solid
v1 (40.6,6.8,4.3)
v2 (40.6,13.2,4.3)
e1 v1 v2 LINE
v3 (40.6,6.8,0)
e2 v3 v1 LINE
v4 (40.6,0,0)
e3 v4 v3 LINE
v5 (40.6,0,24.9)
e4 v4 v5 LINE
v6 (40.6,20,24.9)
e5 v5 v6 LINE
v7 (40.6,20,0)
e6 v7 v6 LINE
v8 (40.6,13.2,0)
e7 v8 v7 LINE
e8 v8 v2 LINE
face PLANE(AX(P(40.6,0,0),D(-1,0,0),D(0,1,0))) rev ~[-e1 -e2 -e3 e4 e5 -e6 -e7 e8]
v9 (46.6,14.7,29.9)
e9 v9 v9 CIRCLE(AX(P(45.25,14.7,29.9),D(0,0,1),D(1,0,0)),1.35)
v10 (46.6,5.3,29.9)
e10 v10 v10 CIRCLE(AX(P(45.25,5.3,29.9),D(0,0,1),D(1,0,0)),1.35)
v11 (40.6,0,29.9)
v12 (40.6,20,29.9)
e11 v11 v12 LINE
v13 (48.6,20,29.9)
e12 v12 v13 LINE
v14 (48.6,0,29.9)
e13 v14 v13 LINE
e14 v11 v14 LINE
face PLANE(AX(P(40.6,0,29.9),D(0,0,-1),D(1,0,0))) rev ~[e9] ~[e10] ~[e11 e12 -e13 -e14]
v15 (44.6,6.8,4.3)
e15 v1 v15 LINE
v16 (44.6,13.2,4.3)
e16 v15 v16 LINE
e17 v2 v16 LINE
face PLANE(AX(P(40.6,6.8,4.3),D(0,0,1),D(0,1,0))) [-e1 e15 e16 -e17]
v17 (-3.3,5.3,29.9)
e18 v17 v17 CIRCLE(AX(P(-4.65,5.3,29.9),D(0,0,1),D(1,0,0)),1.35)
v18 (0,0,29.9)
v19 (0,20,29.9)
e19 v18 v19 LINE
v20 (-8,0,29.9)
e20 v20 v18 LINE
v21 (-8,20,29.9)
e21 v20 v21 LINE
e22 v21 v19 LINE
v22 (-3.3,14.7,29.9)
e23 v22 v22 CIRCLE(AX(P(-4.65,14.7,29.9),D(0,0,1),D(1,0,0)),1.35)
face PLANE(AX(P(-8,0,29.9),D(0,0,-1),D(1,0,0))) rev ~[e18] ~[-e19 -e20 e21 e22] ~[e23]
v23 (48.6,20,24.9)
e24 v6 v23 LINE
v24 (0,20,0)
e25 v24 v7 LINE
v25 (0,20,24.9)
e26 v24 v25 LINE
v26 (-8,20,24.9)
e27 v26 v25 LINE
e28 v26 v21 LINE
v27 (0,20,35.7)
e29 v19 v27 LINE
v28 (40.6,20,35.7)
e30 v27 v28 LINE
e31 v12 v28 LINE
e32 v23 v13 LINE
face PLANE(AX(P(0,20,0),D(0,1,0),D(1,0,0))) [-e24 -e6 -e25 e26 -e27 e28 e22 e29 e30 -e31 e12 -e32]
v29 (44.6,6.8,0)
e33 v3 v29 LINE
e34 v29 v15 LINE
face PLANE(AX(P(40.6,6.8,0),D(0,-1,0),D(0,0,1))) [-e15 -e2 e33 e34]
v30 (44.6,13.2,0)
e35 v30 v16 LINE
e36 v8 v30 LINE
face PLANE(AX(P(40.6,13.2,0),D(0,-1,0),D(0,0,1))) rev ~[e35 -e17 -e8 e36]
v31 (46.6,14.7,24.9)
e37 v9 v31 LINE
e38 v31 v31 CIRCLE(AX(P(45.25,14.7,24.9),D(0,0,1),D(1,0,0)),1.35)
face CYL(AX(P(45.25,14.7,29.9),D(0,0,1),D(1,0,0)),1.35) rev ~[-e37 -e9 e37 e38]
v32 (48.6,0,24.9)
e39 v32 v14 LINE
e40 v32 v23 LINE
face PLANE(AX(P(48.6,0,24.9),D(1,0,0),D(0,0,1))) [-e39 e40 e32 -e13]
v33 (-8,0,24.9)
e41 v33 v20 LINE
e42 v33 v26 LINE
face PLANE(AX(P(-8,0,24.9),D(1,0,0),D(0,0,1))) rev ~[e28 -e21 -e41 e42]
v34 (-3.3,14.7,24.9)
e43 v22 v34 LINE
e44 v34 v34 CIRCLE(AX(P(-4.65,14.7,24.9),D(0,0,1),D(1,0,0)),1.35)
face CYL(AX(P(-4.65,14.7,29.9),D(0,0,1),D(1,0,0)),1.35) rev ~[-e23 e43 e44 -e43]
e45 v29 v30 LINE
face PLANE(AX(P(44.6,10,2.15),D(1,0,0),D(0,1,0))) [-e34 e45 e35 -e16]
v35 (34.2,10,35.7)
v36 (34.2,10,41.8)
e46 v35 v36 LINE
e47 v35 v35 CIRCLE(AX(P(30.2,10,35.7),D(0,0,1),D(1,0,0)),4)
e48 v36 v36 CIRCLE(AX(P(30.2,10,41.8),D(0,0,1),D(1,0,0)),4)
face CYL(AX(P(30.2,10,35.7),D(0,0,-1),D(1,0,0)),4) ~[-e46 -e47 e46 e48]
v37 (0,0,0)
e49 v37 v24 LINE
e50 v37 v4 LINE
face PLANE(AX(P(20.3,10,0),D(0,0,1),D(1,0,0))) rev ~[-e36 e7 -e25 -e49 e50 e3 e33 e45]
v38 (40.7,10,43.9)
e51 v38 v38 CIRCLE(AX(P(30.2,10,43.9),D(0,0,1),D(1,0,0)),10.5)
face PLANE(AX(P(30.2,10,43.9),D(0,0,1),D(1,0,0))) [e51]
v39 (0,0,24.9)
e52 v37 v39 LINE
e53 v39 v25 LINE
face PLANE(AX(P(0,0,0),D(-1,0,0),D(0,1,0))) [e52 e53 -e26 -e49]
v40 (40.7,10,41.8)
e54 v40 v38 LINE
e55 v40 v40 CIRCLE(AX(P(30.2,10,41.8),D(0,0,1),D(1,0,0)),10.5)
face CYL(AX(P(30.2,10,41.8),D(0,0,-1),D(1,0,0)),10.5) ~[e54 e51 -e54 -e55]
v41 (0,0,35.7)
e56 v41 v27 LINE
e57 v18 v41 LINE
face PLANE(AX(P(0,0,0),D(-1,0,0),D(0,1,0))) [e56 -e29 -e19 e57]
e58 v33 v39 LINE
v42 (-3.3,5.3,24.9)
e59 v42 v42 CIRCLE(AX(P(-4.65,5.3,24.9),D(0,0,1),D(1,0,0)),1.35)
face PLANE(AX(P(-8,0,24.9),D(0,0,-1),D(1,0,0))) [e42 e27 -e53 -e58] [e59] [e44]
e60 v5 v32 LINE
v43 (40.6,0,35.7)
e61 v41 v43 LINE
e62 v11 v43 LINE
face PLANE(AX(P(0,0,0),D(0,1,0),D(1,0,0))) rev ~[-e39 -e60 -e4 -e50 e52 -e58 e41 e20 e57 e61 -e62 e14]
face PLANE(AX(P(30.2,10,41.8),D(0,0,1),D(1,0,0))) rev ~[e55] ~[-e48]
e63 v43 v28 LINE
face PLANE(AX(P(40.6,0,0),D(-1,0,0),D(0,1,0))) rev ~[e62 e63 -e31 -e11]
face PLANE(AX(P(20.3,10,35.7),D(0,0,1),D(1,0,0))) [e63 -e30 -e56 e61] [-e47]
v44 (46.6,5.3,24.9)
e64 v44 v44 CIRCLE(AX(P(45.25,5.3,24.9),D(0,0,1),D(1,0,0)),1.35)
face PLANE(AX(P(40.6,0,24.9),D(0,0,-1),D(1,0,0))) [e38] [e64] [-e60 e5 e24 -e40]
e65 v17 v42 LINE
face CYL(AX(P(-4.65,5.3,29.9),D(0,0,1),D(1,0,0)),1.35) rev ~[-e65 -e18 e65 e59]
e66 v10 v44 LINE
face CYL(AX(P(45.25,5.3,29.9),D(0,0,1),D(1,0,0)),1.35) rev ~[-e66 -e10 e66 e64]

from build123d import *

# Parameters (mm, degrees)
F0_W      = 40.6
F0_H      = 20
F1_DEPTH  = 35.7
F2_W      = 8
F2_H      = 5
F3_DEPTH  = 20
F4_R      = 4
F5_DEPTH  = 6.1
F6_R      = 10.5
F7_DEPTH  = 2.1
F8_W      = 6.4
F8_H      = 4.3
F9_DEPTH  = 4
F10_R     = 1.35
F11_DEPTH = 5


with BuildPart() as f1:
    # F0 (on Top) → F1 (new body)
    with BuildSketch(Plane.XY):
        with Locations((20.3, 10)):
            Rectangle(F0_W, F0_H)
    extrude(amount=F1_DEPTH)

    # F2 (on face) → F3 (join, through all)
    with BuildSketch(Plane.XZ):
        with Locations((44.6, 27.4)):
            Rectangle(F2_W, F2_H)
        with Locations((-4, 27.4)):
            Rectangle(F2_W, F2_H)
    extrude(amount=-F3_DEPTH)

    # F4 (on face) → F5 (join)
    with BuildSketch(Plane.XY.offset(35.7)):
        with Locations((30.2, 10)):
            Circle(F4_R)
    extrude(amount=F5_DEPTH)

    # F6 (on face) → F7 (join)
    with BuildSketch(Plane.XY.offset(41.8)):
        with Locations((30.2, 10)):
            Circle(F6_R)
    extrude(amount=F7_DEPTH)

    # F8 (on face) → F9 (join)
    with BuildSketch(Plane.YZ.offset(40.6)):
        with Locations((10, 2.15)):
            Rectangle(F8_W, F8_H)
    extrude(amount=F9_DEPTH)

    # F10 (on face) → F11 (cut, through all)
    with BuildSketch(Plane.XY.offset(29.9)):
        with Locations((-4.65, 14.7)):
            Circle(F10_R)
        with Locations((-4.65, 5.3)):
            Circle(F10_R)
        with Locations((45.25, 14.7)):
            Circle(F10_R)
        with Locations((45.25, 5.3)):
            Circle(F10_R)
    extrude(amount=-F11_DEPTH, mode=Mode.SUBTRACT)


solid = f1.part
